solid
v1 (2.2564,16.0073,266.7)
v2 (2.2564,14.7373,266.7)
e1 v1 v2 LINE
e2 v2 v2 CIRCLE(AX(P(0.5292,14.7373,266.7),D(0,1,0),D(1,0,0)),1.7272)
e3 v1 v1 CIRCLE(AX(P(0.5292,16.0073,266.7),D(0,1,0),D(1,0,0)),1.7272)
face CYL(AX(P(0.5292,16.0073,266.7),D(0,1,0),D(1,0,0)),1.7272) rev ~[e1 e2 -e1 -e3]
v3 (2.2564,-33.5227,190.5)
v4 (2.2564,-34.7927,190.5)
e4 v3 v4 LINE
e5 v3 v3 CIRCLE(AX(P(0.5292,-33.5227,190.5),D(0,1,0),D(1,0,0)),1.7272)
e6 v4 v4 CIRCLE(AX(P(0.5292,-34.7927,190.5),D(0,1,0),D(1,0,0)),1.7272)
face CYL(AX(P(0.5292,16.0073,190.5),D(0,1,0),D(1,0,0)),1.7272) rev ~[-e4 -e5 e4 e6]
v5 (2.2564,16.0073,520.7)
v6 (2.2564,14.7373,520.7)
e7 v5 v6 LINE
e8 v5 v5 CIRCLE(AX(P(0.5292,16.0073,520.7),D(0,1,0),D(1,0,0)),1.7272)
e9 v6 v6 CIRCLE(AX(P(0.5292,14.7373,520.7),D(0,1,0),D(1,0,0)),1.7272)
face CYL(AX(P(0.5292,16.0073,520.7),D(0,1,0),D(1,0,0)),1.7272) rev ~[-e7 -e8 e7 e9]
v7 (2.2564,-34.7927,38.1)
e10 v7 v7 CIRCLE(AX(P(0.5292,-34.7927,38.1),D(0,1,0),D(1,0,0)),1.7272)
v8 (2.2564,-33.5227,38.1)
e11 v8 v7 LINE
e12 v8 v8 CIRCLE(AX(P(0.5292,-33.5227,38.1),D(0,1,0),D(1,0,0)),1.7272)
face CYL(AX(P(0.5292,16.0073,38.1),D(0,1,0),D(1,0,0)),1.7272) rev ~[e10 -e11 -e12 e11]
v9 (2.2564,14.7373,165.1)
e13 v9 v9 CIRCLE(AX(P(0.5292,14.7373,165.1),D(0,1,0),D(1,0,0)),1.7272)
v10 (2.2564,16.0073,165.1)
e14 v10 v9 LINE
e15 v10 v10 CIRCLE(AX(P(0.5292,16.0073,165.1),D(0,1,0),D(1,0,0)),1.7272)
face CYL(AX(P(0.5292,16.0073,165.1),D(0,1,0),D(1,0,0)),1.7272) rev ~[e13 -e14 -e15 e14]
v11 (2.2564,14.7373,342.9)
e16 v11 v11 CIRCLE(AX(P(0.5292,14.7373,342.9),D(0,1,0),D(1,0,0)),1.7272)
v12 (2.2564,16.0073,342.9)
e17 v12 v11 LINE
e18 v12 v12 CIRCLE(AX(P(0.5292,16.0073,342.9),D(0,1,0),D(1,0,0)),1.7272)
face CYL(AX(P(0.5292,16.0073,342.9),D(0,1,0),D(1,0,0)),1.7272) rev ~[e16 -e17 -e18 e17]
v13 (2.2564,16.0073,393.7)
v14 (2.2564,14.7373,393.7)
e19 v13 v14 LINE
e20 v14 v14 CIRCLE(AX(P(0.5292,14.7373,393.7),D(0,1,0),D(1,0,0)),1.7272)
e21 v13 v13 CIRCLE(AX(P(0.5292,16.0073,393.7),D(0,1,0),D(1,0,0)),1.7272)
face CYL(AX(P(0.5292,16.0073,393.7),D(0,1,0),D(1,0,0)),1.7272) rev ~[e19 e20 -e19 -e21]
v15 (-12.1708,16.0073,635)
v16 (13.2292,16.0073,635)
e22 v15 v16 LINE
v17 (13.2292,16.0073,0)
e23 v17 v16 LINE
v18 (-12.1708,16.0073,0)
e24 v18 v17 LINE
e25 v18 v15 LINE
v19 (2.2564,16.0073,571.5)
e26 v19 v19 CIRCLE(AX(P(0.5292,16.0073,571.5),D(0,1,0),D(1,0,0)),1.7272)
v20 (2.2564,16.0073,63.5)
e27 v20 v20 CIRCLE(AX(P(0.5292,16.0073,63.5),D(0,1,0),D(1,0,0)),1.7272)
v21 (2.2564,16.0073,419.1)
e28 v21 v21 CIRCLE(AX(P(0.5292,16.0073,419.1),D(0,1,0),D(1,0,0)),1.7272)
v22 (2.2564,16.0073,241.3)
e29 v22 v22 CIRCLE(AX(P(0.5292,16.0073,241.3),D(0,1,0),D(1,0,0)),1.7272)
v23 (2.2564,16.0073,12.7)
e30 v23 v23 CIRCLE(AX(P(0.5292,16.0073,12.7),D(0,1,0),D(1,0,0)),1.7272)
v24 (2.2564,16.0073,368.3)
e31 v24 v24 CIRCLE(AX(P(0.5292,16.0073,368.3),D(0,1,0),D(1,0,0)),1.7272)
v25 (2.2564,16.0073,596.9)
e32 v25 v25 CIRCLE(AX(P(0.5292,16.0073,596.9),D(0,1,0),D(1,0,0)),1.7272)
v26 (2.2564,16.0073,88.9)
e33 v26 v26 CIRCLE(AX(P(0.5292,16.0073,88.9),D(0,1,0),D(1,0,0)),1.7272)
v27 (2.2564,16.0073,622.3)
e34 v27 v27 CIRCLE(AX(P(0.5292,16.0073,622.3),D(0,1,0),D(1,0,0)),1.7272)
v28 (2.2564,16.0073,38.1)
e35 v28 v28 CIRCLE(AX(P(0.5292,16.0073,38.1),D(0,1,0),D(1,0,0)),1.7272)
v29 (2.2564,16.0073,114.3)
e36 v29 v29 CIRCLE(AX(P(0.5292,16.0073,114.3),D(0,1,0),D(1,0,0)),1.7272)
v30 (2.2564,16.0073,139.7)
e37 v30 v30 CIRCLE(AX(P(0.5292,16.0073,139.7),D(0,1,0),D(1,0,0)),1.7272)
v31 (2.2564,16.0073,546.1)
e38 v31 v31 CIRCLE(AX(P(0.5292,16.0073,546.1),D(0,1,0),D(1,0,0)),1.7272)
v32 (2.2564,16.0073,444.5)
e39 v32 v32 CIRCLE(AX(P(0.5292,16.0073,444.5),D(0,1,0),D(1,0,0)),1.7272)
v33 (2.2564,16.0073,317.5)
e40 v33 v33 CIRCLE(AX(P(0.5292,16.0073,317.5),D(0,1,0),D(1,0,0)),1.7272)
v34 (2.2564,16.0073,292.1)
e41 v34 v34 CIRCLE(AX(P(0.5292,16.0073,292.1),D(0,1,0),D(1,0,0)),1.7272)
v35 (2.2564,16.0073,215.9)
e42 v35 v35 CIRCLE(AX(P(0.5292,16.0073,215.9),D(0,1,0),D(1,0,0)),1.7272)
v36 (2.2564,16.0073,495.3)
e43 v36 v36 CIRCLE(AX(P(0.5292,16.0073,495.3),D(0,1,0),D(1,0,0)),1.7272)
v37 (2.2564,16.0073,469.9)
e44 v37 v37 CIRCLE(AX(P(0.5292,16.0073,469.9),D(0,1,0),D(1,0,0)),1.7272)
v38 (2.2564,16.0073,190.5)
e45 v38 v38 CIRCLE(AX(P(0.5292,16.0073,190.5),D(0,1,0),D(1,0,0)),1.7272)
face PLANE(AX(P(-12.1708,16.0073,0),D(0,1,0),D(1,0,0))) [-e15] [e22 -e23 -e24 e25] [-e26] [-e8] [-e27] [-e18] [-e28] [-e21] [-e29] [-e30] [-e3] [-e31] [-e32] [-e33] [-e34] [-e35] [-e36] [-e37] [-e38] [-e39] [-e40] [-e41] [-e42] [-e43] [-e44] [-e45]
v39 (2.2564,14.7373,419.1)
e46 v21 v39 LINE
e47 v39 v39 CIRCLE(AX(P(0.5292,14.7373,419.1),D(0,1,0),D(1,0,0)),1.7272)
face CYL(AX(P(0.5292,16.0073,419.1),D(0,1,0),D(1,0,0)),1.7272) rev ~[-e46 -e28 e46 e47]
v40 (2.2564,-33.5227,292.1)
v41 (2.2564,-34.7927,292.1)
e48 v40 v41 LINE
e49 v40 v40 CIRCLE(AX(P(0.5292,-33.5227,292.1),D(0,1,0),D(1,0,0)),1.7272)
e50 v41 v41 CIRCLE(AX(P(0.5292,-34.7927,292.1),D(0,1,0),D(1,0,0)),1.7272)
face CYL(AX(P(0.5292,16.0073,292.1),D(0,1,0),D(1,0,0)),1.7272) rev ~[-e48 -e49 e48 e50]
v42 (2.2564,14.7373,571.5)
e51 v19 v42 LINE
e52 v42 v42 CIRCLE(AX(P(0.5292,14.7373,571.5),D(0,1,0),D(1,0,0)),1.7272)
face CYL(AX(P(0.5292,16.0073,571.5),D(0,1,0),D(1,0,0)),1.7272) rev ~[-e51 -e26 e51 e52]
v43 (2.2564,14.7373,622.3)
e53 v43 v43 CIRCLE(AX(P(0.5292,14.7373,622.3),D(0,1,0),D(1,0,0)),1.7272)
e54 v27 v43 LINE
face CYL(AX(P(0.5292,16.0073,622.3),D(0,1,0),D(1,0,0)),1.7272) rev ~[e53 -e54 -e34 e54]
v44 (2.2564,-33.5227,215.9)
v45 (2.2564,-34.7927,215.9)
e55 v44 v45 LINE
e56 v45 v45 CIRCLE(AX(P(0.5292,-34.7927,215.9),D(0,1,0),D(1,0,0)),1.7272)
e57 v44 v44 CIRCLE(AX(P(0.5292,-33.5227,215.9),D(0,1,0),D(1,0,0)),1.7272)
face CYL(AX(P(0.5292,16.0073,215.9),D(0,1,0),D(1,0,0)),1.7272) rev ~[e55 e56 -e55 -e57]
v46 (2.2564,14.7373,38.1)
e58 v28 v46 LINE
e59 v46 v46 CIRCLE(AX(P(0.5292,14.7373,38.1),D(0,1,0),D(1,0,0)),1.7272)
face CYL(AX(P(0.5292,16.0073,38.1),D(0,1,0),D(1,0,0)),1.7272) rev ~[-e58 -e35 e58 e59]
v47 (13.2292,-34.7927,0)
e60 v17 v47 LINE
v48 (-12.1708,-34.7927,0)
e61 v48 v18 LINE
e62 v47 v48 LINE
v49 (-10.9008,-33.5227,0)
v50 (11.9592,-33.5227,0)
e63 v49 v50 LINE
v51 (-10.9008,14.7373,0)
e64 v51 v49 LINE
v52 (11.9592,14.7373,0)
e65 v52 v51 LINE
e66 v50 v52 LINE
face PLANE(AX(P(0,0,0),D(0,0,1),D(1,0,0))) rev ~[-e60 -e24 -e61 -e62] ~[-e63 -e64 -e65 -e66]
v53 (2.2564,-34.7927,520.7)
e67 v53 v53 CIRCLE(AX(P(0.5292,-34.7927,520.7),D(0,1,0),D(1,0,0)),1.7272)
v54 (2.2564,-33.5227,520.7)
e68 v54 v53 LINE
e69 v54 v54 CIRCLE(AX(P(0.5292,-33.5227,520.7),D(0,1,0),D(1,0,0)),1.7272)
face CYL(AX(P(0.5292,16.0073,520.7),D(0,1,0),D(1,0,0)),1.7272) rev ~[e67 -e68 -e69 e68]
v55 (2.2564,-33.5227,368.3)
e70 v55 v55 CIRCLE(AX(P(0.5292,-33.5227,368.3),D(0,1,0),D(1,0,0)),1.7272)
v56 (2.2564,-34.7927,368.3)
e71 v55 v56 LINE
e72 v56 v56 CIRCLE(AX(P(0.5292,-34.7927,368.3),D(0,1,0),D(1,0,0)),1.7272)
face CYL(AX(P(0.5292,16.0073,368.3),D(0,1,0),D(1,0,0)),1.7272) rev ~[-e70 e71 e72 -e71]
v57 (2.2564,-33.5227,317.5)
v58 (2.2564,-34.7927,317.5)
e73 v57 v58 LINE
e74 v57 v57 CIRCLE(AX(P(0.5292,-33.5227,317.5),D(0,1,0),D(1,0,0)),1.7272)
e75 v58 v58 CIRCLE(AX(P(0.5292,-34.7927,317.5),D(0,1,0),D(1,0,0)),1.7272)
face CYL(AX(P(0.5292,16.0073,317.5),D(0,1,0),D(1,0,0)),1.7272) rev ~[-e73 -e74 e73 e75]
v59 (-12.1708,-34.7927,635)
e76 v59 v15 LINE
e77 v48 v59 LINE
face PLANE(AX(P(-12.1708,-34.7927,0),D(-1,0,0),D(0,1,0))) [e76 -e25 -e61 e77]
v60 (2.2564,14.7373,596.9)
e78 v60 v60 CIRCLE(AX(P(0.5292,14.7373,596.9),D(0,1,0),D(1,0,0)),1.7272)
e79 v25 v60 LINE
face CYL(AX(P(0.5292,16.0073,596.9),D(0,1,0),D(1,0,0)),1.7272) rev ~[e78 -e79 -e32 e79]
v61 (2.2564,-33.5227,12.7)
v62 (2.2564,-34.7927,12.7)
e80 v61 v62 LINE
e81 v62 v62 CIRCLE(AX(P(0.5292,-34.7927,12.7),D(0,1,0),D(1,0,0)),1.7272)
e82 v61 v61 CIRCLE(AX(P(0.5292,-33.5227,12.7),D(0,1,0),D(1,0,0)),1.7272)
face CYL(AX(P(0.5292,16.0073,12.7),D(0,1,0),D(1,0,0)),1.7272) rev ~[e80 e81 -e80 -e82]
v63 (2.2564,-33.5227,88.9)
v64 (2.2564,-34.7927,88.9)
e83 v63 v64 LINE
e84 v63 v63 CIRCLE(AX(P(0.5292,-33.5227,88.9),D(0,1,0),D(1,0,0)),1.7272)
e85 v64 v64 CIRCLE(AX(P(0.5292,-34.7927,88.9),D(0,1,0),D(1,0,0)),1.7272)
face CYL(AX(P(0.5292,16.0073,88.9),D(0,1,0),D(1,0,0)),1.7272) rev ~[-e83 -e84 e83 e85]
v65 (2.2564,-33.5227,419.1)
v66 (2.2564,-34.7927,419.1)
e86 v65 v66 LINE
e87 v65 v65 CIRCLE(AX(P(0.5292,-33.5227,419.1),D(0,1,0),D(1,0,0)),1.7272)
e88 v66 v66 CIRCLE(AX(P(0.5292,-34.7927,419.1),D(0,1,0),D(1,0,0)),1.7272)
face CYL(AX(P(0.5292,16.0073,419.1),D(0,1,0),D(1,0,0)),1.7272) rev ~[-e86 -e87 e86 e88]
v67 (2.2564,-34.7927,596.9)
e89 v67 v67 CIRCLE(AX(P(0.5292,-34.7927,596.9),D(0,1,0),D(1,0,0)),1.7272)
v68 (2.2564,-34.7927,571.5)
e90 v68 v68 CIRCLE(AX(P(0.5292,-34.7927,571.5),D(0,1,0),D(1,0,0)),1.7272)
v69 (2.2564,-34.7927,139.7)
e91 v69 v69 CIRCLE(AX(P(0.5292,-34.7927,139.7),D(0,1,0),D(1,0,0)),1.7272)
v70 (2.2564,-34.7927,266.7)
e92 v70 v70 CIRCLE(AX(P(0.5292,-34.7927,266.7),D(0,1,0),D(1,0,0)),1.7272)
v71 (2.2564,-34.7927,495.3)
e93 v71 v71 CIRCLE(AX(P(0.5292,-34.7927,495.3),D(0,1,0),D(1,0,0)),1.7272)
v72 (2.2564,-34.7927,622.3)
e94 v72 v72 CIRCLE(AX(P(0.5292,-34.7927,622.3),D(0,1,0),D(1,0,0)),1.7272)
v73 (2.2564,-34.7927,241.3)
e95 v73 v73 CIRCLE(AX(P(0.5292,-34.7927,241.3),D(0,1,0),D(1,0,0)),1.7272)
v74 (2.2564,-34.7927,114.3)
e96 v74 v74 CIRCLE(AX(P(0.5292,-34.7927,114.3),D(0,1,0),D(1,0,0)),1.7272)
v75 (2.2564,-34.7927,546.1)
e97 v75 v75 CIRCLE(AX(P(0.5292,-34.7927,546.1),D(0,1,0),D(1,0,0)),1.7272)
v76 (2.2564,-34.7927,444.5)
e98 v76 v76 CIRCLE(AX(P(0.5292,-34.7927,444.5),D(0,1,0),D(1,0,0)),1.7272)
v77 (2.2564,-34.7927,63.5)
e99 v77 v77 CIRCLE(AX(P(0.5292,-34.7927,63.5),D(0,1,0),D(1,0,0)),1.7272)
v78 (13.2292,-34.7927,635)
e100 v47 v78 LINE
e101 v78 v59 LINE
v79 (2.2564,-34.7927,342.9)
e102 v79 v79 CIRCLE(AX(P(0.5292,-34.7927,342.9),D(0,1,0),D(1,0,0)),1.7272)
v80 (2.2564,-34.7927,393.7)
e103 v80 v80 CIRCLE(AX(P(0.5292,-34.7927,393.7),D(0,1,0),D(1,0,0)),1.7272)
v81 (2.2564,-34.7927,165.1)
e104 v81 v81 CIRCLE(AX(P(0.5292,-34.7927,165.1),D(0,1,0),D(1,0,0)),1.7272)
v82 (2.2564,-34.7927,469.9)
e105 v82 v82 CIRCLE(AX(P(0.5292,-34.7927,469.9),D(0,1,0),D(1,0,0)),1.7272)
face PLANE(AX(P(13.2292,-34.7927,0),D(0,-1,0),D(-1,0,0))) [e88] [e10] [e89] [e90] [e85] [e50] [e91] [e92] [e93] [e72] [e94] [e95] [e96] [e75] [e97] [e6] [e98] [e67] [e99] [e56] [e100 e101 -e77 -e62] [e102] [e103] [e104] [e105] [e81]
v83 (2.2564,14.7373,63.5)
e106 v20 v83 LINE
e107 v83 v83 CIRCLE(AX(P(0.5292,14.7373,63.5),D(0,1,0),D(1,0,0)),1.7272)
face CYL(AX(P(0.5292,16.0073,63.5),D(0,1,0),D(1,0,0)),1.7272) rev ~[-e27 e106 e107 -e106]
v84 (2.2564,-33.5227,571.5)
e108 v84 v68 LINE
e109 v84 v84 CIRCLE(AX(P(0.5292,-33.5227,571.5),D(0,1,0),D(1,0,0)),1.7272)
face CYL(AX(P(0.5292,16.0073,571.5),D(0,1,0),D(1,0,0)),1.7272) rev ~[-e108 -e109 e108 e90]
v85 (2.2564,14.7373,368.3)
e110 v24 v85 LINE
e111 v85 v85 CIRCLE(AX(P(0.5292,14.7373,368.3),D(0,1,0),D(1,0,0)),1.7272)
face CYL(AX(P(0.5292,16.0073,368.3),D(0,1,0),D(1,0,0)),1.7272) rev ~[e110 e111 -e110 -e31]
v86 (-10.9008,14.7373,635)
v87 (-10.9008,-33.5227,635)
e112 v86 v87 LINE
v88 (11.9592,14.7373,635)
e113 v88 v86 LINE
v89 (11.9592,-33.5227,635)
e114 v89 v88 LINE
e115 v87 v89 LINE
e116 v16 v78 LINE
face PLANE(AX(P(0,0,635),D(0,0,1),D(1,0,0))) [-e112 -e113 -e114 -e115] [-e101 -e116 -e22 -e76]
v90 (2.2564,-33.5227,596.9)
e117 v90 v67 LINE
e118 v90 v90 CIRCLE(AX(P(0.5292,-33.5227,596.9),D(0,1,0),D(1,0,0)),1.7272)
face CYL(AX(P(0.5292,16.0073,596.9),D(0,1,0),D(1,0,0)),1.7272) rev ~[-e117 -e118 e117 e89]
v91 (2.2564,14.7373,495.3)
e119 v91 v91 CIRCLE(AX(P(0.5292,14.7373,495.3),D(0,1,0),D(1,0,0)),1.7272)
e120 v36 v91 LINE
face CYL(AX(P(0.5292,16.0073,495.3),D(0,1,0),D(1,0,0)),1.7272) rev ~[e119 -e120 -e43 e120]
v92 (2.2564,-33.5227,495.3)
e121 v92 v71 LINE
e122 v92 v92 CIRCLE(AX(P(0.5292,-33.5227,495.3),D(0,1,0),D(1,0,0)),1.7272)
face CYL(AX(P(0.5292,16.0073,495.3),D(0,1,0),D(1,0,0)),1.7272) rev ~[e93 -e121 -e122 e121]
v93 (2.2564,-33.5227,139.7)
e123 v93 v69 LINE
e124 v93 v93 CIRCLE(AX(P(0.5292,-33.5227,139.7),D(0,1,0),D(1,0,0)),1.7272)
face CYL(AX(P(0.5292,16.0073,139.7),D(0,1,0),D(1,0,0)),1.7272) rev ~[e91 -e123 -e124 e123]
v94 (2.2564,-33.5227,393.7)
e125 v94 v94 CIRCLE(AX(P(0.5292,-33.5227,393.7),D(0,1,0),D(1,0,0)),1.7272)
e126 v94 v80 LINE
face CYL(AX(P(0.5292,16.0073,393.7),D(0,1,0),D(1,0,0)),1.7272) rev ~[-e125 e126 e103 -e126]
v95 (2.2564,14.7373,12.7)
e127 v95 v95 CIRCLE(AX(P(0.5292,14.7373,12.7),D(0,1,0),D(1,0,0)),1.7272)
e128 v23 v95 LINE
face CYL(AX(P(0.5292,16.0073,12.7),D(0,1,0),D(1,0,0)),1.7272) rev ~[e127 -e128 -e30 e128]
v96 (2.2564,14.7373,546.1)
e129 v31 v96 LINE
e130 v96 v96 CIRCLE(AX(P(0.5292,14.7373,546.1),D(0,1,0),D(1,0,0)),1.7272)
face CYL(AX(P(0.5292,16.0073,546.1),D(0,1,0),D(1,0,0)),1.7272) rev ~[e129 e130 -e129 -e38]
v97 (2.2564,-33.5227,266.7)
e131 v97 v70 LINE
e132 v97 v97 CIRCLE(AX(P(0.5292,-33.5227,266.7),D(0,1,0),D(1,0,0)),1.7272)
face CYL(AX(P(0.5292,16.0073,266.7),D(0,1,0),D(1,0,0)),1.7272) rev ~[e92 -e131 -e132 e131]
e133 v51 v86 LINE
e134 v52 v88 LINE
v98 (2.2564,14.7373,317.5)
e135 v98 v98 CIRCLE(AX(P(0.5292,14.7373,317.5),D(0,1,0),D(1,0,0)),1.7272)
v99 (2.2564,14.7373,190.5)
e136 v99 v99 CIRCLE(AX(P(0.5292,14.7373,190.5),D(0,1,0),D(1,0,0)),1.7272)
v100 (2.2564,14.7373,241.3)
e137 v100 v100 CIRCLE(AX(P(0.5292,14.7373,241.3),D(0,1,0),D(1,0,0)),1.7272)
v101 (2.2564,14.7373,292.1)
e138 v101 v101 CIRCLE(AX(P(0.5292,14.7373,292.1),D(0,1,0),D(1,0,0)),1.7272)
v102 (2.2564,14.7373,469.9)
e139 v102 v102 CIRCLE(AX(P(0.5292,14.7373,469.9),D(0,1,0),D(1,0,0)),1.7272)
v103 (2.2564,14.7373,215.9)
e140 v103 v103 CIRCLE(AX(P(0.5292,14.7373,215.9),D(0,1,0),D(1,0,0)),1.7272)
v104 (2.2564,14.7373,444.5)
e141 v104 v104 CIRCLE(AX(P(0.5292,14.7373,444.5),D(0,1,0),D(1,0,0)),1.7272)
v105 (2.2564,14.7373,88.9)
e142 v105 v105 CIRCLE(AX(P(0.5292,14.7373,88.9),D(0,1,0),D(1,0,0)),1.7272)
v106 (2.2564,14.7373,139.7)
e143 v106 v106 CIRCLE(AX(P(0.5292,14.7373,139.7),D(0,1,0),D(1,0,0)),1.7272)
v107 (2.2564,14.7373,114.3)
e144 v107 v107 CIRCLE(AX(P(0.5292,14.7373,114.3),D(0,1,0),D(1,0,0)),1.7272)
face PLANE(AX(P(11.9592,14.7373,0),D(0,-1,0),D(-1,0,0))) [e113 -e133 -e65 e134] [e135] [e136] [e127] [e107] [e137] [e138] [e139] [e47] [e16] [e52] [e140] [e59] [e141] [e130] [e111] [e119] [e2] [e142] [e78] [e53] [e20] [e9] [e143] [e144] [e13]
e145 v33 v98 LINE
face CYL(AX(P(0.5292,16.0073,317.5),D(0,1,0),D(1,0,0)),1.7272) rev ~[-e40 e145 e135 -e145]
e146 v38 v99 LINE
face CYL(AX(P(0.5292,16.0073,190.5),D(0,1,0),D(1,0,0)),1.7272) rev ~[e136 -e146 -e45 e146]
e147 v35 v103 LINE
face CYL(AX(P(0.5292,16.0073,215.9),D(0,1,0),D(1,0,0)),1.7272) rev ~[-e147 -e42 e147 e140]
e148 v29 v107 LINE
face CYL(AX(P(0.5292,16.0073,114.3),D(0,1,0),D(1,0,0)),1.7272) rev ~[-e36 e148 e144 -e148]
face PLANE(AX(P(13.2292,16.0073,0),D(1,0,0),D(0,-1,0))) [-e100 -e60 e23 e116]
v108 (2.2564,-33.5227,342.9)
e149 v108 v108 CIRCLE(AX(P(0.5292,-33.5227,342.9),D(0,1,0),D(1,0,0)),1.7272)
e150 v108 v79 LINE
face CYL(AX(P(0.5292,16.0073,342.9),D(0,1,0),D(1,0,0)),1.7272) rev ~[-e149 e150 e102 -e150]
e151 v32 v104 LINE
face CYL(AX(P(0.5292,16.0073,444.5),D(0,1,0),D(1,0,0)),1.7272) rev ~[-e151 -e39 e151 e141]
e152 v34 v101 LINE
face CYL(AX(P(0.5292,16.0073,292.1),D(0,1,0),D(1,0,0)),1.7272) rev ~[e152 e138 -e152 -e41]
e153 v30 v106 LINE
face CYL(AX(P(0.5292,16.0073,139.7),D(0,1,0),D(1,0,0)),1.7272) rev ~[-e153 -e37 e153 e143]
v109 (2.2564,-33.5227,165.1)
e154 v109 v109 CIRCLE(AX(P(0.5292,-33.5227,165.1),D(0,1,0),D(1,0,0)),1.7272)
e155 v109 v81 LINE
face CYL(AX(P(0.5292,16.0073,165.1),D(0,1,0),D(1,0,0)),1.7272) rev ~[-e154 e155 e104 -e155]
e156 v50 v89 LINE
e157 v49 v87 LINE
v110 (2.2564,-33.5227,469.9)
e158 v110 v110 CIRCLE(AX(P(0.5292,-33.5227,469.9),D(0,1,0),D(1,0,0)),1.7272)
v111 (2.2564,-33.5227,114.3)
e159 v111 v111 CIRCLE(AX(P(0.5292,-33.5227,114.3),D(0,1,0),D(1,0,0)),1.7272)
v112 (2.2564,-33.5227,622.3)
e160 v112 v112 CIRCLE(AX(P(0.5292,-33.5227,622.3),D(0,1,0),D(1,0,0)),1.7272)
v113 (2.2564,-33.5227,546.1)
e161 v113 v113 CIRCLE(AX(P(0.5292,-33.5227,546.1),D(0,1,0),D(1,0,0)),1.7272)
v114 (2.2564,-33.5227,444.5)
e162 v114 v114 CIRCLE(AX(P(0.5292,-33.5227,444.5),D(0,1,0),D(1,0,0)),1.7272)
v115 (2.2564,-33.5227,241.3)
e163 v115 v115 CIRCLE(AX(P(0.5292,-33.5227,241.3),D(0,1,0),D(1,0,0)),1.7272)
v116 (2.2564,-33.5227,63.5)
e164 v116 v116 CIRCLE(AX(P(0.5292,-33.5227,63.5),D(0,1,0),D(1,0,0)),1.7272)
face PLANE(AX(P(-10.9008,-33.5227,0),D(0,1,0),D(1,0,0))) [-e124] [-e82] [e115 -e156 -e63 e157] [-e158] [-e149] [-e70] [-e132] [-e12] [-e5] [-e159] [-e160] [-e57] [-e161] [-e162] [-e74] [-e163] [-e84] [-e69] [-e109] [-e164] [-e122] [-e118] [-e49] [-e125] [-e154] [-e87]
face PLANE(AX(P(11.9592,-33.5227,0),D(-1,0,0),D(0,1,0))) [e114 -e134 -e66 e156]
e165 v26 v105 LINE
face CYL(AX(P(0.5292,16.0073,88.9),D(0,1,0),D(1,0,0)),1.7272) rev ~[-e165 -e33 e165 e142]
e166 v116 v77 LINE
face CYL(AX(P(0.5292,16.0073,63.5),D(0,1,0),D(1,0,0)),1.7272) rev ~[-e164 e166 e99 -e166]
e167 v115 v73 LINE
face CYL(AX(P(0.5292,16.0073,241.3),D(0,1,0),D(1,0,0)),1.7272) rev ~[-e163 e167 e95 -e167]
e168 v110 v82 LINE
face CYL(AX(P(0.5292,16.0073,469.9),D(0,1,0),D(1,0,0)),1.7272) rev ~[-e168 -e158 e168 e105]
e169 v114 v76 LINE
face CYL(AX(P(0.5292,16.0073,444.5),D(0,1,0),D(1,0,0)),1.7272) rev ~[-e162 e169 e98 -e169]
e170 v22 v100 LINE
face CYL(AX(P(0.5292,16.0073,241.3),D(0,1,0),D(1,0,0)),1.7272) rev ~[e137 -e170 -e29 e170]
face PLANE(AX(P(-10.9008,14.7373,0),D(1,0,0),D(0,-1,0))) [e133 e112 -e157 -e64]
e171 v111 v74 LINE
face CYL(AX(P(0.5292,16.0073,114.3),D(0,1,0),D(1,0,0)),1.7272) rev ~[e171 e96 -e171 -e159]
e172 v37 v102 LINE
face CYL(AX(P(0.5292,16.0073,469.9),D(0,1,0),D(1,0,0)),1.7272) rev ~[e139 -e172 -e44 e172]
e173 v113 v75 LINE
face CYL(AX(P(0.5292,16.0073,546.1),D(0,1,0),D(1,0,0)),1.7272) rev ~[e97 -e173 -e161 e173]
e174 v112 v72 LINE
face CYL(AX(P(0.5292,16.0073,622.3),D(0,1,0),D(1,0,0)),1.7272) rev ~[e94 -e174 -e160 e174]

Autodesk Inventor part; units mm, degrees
ref_plane "YZ Plane" through (0, 0, 0) normal (1, 0, 0) x (0, 1, 0)
ref_plane "XZ Plane" through (0, 0, 0) normal (0, 1, 0) x (-1, 0, 0)
ref_plane "XY Plane" through (0, 0, 0) normal (0, 0, 1) x (1, 0, 0)
sketch "Sketch1" plane through (0, 0, 0) normal (0, 0, 1) x (1, 0, 0)
  line L0 (-12.1708, 16.0073) -> (13.2292, 16.0073)
  line L1 (13.2292, 16.0073) -> (13.2292, -34.7927)
  line L2 (13.2292, -34.7927) -> (-12.1708, -34.7927)
  line L3 (-12.1708, -34.7927) -> (-12.1708, 16.0073)
  line L4 (11.9592, 14.7373) -> (-10.9008, 14.7373)
  line L5 (-10.9008, 14.7373) -> (-10.9008, -33.5227)
  line L6 (-10.9008, -33.5227) -> (11.9592, -33.5227)
  line L7 (11.9592, -33.5227) -> (11.9592, 14.7373)
  point P0 (0, 0)
  dimension "d0" = 25.4
  dimension "d1" = 50.8
  dimension "d2" = 1.27
extrude "Extrusion1" add sketch "Sketch1" along normal blind 635
sketch "Sketch2" plane through (-12.1708, 16.0073, 0) normal (0, 1, 0) x (1, 0, 0)
  circle A0 centre (12.7, -12.7) radius 1.7272
  line L0 (25.4, 0) -> (0, 0) projected
  line L1 (0, 0) -> (0, -635) projected
  point P0 (12.1708, 0)
  dimension "d5" = 3.4544
  dimension "d6" = 12.7
  dimension "d7" = 12.7
extrude "Extrusion2" cut sketch "Sketch2" against normal through all
pattern_linear "Rectangular Pattern1" count 64 spacing 25.4 along (0, 0, 1) of "Extrusion2"
equation "\"d3\" = d13"
equation "\"d10\" = d14"
equation "\"d13\" = 635"
equation "\"d14\" = d13"
properties part number "VersaFrame (PerimeterPieceA)"
